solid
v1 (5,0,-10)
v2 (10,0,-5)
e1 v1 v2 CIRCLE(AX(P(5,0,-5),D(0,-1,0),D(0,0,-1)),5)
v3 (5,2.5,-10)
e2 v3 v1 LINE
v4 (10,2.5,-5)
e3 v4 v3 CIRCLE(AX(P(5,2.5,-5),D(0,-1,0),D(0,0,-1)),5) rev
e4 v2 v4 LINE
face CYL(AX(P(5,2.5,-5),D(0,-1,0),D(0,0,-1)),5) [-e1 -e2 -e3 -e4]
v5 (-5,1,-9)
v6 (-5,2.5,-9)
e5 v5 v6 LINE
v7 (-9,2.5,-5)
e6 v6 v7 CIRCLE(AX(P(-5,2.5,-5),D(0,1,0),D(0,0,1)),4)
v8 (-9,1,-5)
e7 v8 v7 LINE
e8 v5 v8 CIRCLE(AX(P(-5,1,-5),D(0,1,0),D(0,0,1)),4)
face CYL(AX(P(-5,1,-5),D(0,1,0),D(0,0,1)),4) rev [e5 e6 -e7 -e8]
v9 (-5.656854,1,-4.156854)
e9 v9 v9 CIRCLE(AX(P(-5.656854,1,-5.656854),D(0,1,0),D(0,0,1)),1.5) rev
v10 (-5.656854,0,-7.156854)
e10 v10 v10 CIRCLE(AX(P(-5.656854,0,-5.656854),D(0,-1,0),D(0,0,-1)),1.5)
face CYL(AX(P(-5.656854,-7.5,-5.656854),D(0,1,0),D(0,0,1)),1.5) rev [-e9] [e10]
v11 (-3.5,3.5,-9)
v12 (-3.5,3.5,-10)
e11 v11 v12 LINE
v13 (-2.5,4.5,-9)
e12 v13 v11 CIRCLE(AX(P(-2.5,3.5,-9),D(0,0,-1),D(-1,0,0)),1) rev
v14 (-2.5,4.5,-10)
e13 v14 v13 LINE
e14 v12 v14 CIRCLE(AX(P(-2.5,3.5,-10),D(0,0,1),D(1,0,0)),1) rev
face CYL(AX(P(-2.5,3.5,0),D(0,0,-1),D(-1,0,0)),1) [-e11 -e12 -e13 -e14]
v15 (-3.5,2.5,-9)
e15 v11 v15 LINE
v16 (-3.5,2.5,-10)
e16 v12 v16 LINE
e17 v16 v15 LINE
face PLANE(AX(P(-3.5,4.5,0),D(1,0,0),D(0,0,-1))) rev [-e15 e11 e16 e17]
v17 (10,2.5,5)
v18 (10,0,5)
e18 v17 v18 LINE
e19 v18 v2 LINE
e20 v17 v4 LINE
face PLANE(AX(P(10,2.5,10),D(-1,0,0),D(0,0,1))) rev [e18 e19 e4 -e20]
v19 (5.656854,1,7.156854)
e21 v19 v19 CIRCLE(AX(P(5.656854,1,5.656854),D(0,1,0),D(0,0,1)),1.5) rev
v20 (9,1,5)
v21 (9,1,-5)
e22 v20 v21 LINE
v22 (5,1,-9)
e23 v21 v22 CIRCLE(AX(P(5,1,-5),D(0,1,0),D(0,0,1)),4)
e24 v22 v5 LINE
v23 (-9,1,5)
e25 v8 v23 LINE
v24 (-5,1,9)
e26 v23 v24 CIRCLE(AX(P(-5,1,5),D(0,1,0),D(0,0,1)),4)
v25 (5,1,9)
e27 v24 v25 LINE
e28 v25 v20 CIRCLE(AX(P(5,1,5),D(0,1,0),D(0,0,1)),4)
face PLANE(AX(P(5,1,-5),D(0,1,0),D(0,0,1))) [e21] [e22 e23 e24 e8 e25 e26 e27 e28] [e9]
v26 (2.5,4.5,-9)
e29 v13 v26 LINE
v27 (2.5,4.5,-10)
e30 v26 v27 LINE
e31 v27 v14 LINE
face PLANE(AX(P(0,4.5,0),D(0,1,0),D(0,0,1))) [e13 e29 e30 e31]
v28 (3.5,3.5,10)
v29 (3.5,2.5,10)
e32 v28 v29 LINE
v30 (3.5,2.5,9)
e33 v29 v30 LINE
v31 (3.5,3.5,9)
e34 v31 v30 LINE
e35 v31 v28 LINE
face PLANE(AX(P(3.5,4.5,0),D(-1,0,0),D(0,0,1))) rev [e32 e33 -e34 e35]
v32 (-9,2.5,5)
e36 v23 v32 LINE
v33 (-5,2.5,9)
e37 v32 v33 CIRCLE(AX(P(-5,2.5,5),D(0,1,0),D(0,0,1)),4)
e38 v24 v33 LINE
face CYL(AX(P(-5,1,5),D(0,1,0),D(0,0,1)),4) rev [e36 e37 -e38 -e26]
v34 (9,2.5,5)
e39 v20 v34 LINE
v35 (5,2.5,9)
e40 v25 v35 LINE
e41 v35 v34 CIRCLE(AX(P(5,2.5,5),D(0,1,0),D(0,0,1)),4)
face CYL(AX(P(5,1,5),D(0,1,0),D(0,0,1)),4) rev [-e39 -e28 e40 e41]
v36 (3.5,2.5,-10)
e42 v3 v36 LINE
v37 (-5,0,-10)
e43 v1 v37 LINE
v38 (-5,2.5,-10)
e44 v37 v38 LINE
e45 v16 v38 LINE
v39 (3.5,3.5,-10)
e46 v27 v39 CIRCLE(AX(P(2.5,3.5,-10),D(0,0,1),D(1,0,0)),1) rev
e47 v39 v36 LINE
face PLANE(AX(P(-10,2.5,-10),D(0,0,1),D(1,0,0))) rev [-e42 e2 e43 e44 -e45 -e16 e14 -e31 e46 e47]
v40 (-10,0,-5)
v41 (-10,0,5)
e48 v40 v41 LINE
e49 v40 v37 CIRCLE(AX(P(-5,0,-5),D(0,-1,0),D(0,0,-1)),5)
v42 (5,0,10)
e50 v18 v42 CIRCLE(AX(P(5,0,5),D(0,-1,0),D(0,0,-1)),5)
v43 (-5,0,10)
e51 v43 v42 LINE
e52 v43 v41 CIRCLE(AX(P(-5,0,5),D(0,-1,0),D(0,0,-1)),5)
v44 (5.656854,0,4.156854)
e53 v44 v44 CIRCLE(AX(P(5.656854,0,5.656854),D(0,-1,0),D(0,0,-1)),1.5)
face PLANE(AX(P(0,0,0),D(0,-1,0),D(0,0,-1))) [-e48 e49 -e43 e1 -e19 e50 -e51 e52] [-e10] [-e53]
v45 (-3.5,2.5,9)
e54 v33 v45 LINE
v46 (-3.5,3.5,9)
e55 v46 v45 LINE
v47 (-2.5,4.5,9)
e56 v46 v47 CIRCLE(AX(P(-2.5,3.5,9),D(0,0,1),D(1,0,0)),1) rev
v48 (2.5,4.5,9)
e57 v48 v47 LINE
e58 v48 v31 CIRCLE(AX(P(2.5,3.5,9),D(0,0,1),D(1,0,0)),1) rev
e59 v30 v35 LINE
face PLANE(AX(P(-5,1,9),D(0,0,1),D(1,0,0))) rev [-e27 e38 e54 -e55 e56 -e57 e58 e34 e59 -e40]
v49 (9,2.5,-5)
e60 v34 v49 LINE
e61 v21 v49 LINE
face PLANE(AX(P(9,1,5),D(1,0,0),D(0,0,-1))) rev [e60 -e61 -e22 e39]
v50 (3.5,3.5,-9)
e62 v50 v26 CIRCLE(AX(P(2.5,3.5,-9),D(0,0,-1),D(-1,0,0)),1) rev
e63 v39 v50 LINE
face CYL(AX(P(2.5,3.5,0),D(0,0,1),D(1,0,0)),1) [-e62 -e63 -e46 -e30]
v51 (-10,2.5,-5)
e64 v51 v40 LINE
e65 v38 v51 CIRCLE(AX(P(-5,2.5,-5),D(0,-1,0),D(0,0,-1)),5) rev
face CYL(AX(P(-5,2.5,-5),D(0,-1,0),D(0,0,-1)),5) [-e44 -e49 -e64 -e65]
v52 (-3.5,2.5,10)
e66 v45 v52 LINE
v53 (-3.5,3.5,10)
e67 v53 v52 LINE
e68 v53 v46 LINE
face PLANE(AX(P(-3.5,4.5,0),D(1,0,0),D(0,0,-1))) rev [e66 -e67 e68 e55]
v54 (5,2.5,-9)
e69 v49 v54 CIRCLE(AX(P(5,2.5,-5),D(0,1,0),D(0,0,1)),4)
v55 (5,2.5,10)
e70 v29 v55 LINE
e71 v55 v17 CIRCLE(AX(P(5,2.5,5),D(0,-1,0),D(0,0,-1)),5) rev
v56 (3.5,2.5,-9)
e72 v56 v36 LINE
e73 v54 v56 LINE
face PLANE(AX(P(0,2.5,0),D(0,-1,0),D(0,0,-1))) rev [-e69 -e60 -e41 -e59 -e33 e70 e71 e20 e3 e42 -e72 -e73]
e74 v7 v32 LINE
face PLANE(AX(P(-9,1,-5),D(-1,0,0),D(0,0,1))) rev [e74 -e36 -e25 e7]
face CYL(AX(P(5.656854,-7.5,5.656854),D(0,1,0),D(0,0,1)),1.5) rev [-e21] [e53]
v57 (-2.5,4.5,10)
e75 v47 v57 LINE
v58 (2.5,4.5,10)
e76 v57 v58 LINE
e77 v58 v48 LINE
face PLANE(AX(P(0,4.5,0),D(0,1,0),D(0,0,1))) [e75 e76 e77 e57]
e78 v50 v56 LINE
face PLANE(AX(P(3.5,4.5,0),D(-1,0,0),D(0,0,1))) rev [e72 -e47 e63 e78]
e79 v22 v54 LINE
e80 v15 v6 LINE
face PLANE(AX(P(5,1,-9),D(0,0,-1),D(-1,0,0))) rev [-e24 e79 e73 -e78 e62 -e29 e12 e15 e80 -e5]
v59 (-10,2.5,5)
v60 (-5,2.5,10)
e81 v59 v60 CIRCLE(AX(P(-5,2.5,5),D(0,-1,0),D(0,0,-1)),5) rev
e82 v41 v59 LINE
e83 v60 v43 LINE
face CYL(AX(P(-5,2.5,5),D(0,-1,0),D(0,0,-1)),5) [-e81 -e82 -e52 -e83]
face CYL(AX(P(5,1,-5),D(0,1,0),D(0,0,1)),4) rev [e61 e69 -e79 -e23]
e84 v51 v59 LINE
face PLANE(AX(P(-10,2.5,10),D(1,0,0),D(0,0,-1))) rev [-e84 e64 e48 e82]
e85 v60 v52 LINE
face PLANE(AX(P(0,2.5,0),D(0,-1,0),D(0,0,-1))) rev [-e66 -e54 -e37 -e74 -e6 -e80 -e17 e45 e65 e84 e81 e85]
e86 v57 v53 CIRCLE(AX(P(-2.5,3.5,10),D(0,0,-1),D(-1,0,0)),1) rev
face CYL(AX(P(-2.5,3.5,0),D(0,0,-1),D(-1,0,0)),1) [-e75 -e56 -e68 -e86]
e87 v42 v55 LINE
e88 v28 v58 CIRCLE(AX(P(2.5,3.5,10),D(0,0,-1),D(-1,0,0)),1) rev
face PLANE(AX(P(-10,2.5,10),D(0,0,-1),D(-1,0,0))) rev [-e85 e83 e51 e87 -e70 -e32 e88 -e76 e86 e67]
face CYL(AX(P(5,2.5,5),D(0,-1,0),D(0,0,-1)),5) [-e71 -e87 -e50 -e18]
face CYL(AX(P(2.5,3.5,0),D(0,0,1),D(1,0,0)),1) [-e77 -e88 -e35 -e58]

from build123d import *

# Parameters (mm, degrees)
SKETCH1_W           = 20
SKETCH1_H           = 20
BOSS_EXTRUDE1_DEPTH = 2.5
FILLET1_R           = 5
SKETCH2_R           = 1.5
CUT_EXTRUDE1_DEPTH  = 10
CUT_EXTRUDE2_DEPTH  = 1.5
SKETCH4_W           = 7
SKETCH4_H           = 1
BOSS_EXTRUDE2_DEPTH = 2
FILLET2_R           = 1


with BuildPart() as part:
    # Sketch1 → Boss-Extrude1 (new body)
    with BuildSketch(Plane(origin=(0, 0, 0), x_dir=(1, 0, 0), z_dir=(0, 1, 0))):
        Rectangle(SKETCH1_W, SKETCH1_H)
    extrude(amount=BOSS_EXTRUDE1_DEPTH)

    # Fillet1
    fillet1_edges = [part.edges().sort_by_distance(p)[0] for p in [
        (10, 1.25, 10),
        (-10, 1.25, 10),
        (-10, 1.25, -10),
        (10, 1.25, -10),
    ]]
    fillet(fillet1_edges, radius=FILLET1_R)

    # Sketch2 → Cut-Extrude1 (cut)
    with BuildSketch(Plane(origin=(0, 2.5, 0), x_dir=(1, 0, 0), z_dir=(0, 1, 0))):
        with Locations(Location((5.656854249, -5.656854249, 0), (0, 0, 270))):
            Circle(SKETCH2_R)
        with Locations(Location((-5.656854249, 5.656854249, 0), (0, 0, 270))):
            Circle(SKETCH2_R)
    extrude(amount=-CUT_EXTRUDE1_DEPTH, mode=Mode.SUBTRACT)

    # Sketch3 → Cut-Extrude2 (cut)
    with BuildSketch(Plane(origin=(0, 2.5, 0), x_dir=(1, 0, 0), z_dir=(0, 1, 0))):
        with BuildLine():
            Line((5, 9), (-5, 9))
            ThreePointArc((-5, 9), (-7.828427125, 7.828427125), (-9, 5))
            Line((-9, 5), (-9, -5))
            ThreePointArc((-9, -5), (-7.828427125, -7.828427125), (-5, -9))
            Line((-5, -9), (5, -9))
            ThreePointArc((5, -9), (7.828427125, -7.828427125), (9, -5))
            Line((9, -5), (9, 5))
            ThreePointArc((9, 5), (7.828427125, 7.828427125), (5, 9))
        make_face()
    extrude(amount=-CUT_EXTRUDE2_DEPTH, mode=Mode.SUBTRACT)

    # Sketch4 → Boss-Extrude2 (add)
    with BuildSketch(Plane(origin=(0, 2.5, 0), x_dir=(1, 0, 0), z_dir=(0, 1, 0))):
        with Locations((0, 9.5)):
            Rectangle(SKETCH4_W, SKETCH4_H)
        with Locations((0, -9.5)):
            Rectangle(SKETCH4_W, SKETCH4_H)
    extrude(amount=BOSS_EXTRUDE2_DEPTH)

    # Fillet2
    fillet2_edges = [part.edges().sort_by_distance(p)[0] for p in [
        (-3.5, 4.5, -9.5),
        (3.5, 4.5, -9.5),
        (-3.5, 4.5, 9.5),
        (3.5, 4.5, 9.5),
    ]]
    fillet(fillet2_edges, radius=FILLET2_R)


solid = part.part
